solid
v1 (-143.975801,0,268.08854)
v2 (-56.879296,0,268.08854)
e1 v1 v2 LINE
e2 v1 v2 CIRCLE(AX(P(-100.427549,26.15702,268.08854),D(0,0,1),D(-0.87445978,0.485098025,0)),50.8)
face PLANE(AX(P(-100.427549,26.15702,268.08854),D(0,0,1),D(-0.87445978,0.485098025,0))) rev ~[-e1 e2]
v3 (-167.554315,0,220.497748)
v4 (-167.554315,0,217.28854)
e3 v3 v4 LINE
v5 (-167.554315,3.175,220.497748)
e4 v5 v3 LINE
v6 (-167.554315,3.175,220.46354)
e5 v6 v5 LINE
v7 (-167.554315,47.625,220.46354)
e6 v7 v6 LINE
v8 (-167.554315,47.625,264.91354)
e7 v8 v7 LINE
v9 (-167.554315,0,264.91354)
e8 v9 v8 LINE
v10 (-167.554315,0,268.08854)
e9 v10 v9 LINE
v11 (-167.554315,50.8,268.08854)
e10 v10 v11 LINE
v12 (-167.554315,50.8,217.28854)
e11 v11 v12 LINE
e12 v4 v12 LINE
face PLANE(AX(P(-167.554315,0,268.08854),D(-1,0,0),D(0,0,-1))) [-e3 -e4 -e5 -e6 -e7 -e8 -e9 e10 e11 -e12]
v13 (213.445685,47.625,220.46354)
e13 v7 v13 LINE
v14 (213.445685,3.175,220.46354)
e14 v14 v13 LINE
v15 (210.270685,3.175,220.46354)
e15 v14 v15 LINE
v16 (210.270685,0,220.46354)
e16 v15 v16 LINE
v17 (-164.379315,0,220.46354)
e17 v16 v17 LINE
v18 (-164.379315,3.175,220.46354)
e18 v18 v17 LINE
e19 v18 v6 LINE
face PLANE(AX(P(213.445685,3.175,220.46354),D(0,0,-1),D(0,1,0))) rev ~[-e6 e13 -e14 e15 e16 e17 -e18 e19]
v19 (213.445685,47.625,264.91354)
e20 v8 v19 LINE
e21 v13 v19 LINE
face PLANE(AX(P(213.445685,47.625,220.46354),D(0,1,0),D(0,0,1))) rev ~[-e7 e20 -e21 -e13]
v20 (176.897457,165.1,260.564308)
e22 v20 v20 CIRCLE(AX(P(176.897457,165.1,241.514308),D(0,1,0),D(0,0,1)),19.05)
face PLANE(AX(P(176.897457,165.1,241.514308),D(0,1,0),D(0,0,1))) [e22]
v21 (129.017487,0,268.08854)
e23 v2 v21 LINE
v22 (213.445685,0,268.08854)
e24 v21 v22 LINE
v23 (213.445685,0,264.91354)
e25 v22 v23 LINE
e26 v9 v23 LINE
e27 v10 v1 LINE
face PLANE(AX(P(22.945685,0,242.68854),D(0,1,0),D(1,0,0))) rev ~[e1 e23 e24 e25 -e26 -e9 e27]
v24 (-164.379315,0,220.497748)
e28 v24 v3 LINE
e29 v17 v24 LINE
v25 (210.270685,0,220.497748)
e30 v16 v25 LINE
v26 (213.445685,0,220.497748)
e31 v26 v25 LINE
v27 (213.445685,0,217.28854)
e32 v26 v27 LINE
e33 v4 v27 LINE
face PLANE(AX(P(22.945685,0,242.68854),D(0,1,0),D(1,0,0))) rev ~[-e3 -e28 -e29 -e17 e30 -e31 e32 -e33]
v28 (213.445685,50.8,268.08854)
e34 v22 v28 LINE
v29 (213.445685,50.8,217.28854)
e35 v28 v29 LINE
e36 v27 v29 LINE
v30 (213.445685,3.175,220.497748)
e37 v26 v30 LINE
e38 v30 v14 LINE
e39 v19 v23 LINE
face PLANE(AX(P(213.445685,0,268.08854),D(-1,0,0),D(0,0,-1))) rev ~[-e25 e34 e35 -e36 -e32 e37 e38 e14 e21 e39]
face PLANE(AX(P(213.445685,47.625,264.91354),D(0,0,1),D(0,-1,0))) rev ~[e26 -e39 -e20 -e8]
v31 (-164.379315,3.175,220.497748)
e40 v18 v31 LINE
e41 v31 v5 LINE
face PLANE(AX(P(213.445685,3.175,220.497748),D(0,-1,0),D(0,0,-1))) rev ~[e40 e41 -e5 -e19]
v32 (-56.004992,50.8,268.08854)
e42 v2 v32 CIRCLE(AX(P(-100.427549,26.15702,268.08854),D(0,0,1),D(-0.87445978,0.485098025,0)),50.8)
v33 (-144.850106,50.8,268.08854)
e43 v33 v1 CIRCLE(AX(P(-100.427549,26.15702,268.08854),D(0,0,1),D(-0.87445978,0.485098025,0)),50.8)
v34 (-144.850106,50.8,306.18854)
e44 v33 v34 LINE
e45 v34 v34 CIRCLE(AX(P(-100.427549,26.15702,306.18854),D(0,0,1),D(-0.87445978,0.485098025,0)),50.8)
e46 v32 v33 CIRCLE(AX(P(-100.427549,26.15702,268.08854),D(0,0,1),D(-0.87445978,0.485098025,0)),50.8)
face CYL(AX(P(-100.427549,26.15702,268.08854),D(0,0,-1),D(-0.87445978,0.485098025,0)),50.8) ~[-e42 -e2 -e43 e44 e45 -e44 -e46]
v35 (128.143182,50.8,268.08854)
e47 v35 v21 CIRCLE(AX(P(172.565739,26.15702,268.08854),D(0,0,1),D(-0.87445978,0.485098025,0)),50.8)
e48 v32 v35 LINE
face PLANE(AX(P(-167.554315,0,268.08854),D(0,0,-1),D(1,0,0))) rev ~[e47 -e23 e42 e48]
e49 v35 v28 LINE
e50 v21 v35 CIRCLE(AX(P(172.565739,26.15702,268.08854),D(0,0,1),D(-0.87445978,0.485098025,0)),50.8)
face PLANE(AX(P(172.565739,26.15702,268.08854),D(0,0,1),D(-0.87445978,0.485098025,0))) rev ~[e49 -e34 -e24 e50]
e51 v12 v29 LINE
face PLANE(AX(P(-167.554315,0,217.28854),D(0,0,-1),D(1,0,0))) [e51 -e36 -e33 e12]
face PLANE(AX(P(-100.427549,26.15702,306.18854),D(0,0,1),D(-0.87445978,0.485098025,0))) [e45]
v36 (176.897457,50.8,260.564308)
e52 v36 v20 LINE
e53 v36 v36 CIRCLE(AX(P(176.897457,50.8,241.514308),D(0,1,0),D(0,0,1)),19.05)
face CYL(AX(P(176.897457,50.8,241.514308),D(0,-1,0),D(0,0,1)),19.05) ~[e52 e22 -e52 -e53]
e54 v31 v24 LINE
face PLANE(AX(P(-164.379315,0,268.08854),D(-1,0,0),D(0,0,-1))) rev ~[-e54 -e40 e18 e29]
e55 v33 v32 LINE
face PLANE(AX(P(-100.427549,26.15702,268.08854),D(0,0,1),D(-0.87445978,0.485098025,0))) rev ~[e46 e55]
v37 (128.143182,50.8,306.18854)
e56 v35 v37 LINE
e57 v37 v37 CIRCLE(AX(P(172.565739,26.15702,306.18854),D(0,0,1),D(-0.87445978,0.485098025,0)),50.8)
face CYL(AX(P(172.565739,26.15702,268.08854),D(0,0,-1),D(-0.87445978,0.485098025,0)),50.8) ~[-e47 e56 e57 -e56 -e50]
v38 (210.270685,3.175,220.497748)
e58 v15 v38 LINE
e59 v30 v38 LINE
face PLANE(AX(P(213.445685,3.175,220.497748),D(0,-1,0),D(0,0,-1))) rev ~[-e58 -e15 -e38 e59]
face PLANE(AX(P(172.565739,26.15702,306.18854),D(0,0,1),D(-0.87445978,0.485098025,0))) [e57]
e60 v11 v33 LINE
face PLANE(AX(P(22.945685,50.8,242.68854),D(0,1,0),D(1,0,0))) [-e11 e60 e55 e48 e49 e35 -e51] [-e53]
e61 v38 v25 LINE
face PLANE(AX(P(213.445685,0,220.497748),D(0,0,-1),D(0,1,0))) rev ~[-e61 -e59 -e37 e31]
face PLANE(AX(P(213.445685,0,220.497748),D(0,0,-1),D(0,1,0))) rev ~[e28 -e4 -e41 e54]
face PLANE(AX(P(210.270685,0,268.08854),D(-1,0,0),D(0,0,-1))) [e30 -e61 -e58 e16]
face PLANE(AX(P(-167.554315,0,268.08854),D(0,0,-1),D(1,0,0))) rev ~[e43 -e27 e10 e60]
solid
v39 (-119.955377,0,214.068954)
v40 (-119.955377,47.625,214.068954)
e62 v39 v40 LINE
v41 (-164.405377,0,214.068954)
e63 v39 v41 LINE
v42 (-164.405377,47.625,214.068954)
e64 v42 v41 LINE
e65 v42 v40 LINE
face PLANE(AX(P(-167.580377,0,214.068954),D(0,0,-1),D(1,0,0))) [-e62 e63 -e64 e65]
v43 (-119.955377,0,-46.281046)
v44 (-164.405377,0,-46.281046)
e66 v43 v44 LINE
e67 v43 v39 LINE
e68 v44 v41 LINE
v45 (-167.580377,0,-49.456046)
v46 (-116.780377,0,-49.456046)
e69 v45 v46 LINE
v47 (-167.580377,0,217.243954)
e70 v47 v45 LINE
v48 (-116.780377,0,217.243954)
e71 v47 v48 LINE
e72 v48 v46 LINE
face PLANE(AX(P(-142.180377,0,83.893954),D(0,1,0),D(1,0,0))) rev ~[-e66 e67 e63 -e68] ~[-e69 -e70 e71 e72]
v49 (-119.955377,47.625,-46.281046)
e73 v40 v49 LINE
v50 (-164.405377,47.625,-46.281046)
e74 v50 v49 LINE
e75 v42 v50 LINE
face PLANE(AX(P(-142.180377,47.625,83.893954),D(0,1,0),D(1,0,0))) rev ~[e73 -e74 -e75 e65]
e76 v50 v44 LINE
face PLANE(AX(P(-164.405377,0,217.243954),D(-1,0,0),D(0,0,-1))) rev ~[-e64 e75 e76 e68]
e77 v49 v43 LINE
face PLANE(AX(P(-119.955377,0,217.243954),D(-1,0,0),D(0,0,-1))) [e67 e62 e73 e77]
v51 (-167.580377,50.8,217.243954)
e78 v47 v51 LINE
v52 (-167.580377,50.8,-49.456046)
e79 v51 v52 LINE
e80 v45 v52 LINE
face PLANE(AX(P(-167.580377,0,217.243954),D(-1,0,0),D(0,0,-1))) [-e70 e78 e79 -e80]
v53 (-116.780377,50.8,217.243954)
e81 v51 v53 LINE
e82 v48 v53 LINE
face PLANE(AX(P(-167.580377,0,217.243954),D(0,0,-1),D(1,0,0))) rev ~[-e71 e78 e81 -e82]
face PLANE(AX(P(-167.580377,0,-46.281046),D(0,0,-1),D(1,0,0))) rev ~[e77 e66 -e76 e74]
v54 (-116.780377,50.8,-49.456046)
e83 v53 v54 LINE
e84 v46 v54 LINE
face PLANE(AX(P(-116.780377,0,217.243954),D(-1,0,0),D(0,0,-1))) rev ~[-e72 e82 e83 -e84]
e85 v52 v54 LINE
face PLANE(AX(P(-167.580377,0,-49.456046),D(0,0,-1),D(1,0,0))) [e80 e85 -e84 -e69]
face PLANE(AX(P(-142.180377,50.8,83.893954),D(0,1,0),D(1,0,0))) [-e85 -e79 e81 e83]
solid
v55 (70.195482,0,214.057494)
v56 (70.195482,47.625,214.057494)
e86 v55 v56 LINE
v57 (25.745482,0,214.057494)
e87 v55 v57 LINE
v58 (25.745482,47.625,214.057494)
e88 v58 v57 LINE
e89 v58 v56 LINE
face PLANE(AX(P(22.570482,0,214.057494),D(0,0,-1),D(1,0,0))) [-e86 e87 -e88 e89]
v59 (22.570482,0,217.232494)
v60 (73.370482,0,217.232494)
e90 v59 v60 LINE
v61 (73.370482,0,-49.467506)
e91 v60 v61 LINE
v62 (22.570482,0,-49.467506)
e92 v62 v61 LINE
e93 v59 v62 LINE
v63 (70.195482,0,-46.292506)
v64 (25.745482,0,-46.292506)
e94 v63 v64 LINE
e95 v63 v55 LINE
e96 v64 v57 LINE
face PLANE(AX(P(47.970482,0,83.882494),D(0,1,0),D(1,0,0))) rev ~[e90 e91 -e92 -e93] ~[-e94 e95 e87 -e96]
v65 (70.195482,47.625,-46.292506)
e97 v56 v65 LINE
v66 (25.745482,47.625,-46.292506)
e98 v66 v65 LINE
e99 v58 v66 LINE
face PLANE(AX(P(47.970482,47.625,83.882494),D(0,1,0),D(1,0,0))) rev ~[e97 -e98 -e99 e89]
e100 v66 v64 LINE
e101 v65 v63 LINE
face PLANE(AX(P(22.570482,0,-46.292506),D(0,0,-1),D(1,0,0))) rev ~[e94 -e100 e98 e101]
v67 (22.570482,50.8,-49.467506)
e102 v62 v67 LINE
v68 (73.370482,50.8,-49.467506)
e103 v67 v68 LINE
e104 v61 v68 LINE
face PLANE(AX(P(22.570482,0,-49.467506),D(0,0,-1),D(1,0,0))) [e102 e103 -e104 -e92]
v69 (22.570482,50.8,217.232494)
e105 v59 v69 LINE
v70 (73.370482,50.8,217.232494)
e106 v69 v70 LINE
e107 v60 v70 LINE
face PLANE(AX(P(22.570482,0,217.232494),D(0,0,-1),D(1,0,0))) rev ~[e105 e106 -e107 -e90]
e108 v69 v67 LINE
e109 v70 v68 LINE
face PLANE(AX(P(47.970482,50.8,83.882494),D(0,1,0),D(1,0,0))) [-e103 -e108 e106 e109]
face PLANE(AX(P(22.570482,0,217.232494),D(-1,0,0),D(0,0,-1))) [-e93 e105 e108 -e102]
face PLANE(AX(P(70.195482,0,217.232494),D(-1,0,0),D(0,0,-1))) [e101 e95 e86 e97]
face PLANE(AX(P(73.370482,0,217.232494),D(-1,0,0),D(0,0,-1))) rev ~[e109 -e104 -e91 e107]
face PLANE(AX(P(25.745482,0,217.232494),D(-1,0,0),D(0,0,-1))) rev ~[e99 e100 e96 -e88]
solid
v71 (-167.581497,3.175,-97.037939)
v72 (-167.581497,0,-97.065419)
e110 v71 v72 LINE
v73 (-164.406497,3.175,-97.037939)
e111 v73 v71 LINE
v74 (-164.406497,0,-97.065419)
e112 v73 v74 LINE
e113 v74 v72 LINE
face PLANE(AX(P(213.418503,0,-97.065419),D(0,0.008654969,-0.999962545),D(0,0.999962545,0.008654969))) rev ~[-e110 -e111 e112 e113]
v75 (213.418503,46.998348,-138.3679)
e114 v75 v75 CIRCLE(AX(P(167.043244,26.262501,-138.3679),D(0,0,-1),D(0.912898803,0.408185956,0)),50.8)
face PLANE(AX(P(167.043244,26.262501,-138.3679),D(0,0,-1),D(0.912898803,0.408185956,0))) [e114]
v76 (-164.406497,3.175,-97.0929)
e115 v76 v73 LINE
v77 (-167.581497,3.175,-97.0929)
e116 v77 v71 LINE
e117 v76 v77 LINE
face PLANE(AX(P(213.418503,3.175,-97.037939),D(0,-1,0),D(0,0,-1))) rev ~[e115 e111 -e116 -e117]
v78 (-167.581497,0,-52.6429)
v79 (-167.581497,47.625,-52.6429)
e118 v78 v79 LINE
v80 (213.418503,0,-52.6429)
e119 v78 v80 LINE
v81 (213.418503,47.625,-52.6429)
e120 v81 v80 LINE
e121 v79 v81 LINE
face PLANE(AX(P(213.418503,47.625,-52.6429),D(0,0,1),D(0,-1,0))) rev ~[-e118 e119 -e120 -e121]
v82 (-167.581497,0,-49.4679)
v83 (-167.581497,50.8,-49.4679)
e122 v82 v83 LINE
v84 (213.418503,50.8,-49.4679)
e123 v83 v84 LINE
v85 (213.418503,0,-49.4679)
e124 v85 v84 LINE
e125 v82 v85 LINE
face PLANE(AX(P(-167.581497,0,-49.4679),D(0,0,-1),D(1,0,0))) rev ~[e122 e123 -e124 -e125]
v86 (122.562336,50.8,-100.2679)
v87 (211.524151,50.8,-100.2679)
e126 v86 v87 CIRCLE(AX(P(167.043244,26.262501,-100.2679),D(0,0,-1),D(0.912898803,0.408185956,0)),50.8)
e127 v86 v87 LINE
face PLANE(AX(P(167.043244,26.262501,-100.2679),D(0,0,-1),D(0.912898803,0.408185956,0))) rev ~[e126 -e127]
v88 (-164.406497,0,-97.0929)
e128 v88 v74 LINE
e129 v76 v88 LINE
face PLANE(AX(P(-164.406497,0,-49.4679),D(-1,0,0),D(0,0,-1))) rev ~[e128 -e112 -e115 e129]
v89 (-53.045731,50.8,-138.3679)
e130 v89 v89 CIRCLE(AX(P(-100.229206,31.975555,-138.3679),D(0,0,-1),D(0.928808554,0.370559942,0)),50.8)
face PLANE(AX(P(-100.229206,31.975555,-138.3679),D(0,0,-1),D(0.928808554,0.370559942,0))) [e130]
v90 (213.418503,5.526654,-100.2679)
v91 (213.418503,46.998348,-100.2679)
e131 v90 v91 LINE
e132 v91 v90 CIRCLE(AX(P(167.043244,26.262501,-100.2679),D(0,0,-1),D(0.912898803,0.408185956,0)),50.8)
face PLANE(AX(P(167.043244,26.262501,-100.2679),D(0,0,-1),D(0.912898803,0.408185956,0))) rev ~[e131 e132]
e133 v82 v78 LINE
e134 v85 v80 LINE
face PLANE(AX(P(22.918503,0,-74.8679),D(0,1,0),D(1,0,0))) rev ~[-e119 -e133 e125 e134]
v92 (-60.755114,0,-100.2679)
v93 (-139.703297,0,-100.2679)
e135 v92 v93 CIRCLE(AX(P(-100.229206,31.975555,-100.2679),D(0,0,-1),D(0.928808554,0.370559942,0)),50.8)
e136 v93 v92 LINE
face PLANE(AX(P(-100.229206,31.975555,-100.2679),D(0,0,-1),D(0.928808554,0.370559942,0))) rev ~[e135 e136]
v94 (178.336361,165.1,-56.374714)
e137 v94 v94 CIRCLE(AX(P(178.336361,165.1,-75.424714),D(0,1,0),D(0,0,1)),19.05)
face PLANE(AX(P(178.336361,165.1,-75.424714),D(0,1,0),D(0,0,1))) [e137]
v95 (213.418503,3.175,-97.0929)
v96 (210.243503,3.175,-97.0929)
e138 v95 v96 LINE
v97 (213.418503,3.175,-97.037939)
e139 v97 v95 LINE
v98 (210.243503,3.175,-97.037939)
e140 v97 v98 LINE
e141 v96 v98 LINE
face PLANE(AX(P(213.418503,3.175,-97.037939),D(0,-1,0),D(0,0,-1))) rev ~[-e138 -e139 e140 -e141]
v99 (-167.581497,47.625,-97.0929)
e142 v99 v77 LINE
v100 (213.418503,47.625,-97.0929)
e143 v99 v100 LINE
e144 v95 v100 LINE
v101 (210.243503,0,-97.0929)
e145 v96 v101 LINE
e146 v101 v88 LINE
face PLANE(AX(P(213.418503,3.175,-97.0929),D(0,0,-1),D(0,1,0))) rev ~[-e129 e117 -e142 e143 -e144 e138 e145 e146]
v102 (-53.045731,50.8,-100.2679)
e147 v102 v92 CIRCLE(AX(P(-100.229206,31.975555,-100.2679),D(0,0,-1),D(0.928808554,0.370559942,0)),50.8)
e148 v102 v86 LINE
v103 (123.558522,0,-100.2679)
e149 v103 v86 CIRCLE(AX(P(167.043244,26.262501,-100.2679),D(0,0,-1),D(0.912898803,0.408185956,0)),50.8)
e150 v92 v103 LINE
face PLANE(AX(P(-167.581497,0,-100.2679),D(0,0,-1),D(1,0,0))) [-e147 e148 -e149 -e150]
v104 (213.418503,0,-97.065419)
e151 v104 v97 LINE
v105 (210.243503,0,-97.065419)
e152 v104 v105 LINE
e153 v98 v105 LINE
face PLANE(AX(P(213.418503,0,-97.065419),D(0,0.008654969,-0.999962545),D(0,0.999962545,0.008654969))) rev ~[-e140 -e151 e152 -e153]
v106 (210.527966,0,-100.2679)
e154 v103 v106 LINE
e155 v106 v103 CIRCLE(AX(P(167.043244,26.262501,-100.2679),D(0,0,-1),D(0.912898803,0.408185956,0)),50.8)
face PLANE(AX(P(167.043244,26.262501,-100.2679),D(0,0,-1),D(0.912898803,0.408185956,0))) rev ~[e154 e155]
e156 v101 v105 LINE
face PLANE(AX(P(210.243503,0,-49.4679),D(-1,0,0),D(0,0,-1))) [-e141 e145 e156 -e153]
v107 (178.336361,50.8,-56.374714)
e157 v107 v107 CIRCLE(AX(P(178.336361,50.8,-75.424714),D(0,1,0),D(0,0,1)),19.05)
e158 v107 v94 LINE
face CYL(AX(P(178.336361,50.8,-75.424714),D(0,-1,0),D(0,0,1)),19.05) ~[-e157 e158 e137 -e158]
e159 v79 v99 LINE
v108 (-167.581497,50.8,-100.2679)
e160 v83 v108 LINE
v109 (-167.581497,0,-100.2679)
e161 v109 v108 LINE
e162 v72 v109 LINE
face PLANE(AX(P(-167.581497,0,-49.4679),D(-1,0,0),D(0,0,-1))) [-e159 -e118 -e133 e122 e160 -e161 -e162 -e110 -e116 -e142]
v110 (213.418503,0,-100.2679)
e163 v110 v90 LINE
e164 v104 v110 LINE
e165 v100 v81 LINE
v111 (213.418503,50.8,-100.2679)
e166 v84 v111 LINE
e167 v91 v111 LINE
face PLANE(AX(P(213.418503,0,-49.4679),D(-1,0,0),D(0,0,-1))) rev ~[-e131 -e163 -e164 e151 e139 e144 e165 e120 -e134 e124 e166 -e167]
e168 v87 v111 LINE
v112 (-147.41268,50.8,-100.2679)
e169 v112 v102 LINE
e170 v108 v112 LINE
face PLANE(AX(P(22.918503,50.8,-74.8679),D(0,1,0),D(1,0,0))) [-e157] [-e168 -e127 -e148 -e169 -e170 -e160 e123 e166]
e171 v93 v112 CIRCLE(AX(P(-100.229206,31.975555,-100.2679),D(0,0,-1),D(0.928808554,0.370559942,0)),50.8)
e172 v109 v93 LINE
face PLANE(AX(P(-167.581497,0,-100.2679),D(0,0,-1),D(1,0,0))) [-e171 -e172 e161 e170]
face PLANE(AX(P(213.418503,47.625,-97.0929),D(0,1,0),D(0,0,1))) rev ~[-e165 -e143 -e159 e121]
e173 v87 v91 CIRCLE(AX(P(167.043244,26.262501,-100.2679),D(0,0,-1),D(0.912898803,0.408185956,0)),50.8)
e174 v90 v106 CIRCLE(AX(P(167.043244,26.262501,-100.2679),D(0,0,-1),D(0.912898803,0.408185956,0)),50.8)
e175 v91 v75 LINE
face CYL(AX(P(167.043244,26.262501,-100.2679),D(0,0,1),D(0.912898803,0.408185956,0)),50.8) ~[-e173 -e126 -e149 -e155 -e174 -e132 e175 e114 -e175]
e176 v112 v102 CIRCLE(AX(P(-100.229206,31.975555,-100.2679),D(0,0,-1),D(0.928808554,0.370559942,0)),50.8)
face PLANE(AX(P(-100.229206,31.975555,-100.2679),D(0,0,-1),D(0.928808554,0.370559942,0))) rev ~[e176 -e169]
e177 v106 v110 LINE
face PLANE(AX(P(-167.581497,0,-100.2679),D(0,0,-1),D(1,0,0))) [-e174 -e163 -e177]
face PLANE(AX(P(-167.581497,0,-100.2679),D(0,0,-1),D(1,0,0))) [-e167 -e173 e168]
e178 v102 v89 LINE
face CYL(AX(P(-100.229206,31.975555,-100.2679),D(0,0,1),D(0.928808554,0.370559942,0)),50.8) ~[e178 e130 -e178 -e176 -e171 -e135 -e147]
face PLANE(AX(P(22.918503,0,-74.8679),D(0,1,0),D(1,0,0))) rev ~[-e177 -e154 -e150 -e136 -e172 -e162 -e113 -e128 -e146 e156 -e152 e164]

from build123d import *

# Parameters (mm, degrees)
SKETCH1_W             = 50.8
SKETCH1_H             = 266.7
BOSS_EXTRUDE1_DEPTH   = 50.8
SKETCH1_W_2           = 381
SKETCH1_H_2           = 50.8
BOSS_EXTRUDE1_2_DEPTH = 50.8
BOSS_EXTRUDE1_3_DEPTH = 50.8
BOSS_EXTRUDE1_4_DEPTH = 50.8
SHELL1_T              = -3.175
SHELL2_T              = -3.175
SHELL3_T              = -3.175
SHELL4_T              = -3.175
CUT_EXTRUDE2_DEPTH    = 448.056
CUT_EXTRUDE3_DEPTH    = 448.056
SKETCH4_R             = 19.05
BOSS_EXTRUDE2_DEPTH   = 114.3
SKETCH5_R             = 50.8
BOSS_EXTRUDE3_DEPTH   = 38.1
SKETCH6_R             = 50.8
BOSS_EXTRUDE5_DEPTH   = 38.1


with BuildPart() as part:
    # Sketch1 → Boss-Extrude1 (new body)
    with BuildSketch(Plane(origin=(0, 0, 0), x_dir=(1, 0, 0), z_dir=(0, 1, 0))):
        with Locations((-142.180377161, -83.893954499)):
            Rectangle(SKETCH1_W, SKETCH1_H)
    extrude(amount=BOSS_EXTRUDE1_DEPTH)

    # Shell3
    shell3_openings = [part.faces().sort_by_distance(p)[0] for p in [
        (-142.180377161, 0, 83.893954499),
    ]]
    offset(amount=SHELL3_T, openings=shell3_openings, kind=Kind.INTERSECTION)


with BuildPart() as body_2:
    # Sketch1 → Boss-Extrude1 2 (new body)
    with BuildSketch(Plane(origin=(0, 0, 0), x_dir=(1, 0, 0), z_dir=(0, 1, 0))):
        with Locations((22.945685454, -242.688539791)):
            Rectangle(SKETCH1_W_2, SKETCH1_H_2)
    extrude(amount=BOSS_EXTRUDE1_2_DEPTH)

    # Shell1
    shell1_openings = [body_2.faces().sort_by_distance(p)[0] for p in [
        (22.945685454, 0, 242.688539791),
    ]]
    offset(amount=SHELL1_T, openings=shell1_openings, kind=Kind.INTERSECTION)

    # Sketch2 → Cut-Extrude2 (cut)
    with BuildSketch(Plane(origin=(213.445685454, 0, 0), x_dir=(0, 0, -1), z_dir=(1, 0, 0))):
        Polygon((-264.913539791, 3.175), (-264.913539791, 0), (-220.49774804, 0), (-220.49774804, 3.175), (-220.463539791, 3.175), (-220.463539791, 47.625), (-264.913539791, 47.625), align=None)
    extrude(amount=-CUT_EXTRUDE2_DEPTH, mode=Mode.SUBTRACT)



with BuildPart() as body_3:
    # Sketch1 → Boss-Extrude1 3 (new body)
    with BuildSketch(Plane(origin=(0, 0, 0), x_dir=(1, 0, 0), z_dir=(0, 1, 0))):
        with Locations((22.918502853, 74.867899704)):
            Rectangle(SKETCH1_W_2, SKETCH1_H_2)
    extrude(amount=BOSS_EXTRUDE1_3_DEPTH)

    # Shell4
    shell4_openings = [body_3.faces().sort_by_distance(p)[0] for p in [
        (22.918502853, 0, -74.867899704),
    ]]
    offset(amount=SHELL4_T, openings=shell4_openings, kind=Kind.INTERSECTION)

    # Sketch3 → Cut-Extrude3 (cut)
    with BuildSketch(Plane(origin=(213.418502853, 0, 0), x_dir=(0, 0, -1), z_dir=(1, 0, 0))):
        Polygon((52.642899704, 3.175), (52.642899704, 0), (97.06541915, 0), (97.037938595, 3.175), (97.092899704, 3.175), (97.092899704, 47.625), (52.642899704, 47.625), align=None)
    extrude(amount=-CUT_EXTRUDE3_DEPTH, mode=Mode.SUBTRACT)


with BuildPart() as body_4:
    # Sketch1 → Boss-Extrude1 4 (new body)
    with BuildSketch(Plane(origin=(0, 0, 0), x_dir=(1, 0, 0), z_dir=(0, 1, 0))):
        with Locations((47.970482345, -83.882493933)):
            Rectangle(SKETCH1_W, SKETCH1_H)
    extrude(amount=BOSS_EXTRUDE1_4_DEPTH)

    # Shell2
    shell2_openings = [body_4.faces().sort_by_distance(p)[0] for p in [
        (47.970482345, 0, 83.882493933),
    ]]
    offset(amount=SHELL2_T, openings=shell2_openings, kind=Kind.INTERSECTION)


with BuildPart() as body_2_1:
    add(body_2.part)

    add(body_3.part)  # Boss-Extrude2 merges body 3
    # Sketch4 → Boss-Extrude2 (add)
    with BuildSketch(Plane(origin=(0, 50.8, 0), x_dir=(1, 0, 0), z_dir=(0, 1, 0))):
        with Locations(Location((176.89745747, -241.514307843, 0), (0, 0, 270))):
            Circle(SKETCH4_R)
        with Locations(Location((178.336360526, 75.424713992, 0), (0, 0, 270))):
            Circle(SKETCH4_R)
    extrude(amount=BOSS_EXTRUDE2_DEPTH)

    # Sketch5 → Boss-Extrude3 (add)
    with BuildSketch(Plane.XY.offset(268.088539791)):
        with Locations(Location((172.565739008, 26.157020355, 0), (0, 0, 150.981105093))):
            Circle(SKETCH5_R)
        with Locations(Location((-100.427548821, 26.157020355, 0), (0, 0, 150.981105093))):
            Circle(SKETCH5_R)
    extrude(amount=BOSS_EXTRUDE3_DEPTH)

    # Sketch6 → Boss-Extrude5 (add)
    with BuildSketch(Plane(origin=(0, 0, -100.267899704), x_dir=(-1, 0, 0), z_dir=(0, 0, -1))):
        with Locations(Location((-167.043243637, 26.262501017, 0), (0, 0, 155.909069776))):
            Circle(SKETCH6_R)
        with Locations(Location((100.229205576, 31.97555496, 0), (0, 0, 158.249845522))):
            Circle(SKETCH6_R)
    extrude(amount=BOSS_EXTRUDE5_DEPTH)


solid = Compound([part.part, body_4.part, body_2_1.part])
